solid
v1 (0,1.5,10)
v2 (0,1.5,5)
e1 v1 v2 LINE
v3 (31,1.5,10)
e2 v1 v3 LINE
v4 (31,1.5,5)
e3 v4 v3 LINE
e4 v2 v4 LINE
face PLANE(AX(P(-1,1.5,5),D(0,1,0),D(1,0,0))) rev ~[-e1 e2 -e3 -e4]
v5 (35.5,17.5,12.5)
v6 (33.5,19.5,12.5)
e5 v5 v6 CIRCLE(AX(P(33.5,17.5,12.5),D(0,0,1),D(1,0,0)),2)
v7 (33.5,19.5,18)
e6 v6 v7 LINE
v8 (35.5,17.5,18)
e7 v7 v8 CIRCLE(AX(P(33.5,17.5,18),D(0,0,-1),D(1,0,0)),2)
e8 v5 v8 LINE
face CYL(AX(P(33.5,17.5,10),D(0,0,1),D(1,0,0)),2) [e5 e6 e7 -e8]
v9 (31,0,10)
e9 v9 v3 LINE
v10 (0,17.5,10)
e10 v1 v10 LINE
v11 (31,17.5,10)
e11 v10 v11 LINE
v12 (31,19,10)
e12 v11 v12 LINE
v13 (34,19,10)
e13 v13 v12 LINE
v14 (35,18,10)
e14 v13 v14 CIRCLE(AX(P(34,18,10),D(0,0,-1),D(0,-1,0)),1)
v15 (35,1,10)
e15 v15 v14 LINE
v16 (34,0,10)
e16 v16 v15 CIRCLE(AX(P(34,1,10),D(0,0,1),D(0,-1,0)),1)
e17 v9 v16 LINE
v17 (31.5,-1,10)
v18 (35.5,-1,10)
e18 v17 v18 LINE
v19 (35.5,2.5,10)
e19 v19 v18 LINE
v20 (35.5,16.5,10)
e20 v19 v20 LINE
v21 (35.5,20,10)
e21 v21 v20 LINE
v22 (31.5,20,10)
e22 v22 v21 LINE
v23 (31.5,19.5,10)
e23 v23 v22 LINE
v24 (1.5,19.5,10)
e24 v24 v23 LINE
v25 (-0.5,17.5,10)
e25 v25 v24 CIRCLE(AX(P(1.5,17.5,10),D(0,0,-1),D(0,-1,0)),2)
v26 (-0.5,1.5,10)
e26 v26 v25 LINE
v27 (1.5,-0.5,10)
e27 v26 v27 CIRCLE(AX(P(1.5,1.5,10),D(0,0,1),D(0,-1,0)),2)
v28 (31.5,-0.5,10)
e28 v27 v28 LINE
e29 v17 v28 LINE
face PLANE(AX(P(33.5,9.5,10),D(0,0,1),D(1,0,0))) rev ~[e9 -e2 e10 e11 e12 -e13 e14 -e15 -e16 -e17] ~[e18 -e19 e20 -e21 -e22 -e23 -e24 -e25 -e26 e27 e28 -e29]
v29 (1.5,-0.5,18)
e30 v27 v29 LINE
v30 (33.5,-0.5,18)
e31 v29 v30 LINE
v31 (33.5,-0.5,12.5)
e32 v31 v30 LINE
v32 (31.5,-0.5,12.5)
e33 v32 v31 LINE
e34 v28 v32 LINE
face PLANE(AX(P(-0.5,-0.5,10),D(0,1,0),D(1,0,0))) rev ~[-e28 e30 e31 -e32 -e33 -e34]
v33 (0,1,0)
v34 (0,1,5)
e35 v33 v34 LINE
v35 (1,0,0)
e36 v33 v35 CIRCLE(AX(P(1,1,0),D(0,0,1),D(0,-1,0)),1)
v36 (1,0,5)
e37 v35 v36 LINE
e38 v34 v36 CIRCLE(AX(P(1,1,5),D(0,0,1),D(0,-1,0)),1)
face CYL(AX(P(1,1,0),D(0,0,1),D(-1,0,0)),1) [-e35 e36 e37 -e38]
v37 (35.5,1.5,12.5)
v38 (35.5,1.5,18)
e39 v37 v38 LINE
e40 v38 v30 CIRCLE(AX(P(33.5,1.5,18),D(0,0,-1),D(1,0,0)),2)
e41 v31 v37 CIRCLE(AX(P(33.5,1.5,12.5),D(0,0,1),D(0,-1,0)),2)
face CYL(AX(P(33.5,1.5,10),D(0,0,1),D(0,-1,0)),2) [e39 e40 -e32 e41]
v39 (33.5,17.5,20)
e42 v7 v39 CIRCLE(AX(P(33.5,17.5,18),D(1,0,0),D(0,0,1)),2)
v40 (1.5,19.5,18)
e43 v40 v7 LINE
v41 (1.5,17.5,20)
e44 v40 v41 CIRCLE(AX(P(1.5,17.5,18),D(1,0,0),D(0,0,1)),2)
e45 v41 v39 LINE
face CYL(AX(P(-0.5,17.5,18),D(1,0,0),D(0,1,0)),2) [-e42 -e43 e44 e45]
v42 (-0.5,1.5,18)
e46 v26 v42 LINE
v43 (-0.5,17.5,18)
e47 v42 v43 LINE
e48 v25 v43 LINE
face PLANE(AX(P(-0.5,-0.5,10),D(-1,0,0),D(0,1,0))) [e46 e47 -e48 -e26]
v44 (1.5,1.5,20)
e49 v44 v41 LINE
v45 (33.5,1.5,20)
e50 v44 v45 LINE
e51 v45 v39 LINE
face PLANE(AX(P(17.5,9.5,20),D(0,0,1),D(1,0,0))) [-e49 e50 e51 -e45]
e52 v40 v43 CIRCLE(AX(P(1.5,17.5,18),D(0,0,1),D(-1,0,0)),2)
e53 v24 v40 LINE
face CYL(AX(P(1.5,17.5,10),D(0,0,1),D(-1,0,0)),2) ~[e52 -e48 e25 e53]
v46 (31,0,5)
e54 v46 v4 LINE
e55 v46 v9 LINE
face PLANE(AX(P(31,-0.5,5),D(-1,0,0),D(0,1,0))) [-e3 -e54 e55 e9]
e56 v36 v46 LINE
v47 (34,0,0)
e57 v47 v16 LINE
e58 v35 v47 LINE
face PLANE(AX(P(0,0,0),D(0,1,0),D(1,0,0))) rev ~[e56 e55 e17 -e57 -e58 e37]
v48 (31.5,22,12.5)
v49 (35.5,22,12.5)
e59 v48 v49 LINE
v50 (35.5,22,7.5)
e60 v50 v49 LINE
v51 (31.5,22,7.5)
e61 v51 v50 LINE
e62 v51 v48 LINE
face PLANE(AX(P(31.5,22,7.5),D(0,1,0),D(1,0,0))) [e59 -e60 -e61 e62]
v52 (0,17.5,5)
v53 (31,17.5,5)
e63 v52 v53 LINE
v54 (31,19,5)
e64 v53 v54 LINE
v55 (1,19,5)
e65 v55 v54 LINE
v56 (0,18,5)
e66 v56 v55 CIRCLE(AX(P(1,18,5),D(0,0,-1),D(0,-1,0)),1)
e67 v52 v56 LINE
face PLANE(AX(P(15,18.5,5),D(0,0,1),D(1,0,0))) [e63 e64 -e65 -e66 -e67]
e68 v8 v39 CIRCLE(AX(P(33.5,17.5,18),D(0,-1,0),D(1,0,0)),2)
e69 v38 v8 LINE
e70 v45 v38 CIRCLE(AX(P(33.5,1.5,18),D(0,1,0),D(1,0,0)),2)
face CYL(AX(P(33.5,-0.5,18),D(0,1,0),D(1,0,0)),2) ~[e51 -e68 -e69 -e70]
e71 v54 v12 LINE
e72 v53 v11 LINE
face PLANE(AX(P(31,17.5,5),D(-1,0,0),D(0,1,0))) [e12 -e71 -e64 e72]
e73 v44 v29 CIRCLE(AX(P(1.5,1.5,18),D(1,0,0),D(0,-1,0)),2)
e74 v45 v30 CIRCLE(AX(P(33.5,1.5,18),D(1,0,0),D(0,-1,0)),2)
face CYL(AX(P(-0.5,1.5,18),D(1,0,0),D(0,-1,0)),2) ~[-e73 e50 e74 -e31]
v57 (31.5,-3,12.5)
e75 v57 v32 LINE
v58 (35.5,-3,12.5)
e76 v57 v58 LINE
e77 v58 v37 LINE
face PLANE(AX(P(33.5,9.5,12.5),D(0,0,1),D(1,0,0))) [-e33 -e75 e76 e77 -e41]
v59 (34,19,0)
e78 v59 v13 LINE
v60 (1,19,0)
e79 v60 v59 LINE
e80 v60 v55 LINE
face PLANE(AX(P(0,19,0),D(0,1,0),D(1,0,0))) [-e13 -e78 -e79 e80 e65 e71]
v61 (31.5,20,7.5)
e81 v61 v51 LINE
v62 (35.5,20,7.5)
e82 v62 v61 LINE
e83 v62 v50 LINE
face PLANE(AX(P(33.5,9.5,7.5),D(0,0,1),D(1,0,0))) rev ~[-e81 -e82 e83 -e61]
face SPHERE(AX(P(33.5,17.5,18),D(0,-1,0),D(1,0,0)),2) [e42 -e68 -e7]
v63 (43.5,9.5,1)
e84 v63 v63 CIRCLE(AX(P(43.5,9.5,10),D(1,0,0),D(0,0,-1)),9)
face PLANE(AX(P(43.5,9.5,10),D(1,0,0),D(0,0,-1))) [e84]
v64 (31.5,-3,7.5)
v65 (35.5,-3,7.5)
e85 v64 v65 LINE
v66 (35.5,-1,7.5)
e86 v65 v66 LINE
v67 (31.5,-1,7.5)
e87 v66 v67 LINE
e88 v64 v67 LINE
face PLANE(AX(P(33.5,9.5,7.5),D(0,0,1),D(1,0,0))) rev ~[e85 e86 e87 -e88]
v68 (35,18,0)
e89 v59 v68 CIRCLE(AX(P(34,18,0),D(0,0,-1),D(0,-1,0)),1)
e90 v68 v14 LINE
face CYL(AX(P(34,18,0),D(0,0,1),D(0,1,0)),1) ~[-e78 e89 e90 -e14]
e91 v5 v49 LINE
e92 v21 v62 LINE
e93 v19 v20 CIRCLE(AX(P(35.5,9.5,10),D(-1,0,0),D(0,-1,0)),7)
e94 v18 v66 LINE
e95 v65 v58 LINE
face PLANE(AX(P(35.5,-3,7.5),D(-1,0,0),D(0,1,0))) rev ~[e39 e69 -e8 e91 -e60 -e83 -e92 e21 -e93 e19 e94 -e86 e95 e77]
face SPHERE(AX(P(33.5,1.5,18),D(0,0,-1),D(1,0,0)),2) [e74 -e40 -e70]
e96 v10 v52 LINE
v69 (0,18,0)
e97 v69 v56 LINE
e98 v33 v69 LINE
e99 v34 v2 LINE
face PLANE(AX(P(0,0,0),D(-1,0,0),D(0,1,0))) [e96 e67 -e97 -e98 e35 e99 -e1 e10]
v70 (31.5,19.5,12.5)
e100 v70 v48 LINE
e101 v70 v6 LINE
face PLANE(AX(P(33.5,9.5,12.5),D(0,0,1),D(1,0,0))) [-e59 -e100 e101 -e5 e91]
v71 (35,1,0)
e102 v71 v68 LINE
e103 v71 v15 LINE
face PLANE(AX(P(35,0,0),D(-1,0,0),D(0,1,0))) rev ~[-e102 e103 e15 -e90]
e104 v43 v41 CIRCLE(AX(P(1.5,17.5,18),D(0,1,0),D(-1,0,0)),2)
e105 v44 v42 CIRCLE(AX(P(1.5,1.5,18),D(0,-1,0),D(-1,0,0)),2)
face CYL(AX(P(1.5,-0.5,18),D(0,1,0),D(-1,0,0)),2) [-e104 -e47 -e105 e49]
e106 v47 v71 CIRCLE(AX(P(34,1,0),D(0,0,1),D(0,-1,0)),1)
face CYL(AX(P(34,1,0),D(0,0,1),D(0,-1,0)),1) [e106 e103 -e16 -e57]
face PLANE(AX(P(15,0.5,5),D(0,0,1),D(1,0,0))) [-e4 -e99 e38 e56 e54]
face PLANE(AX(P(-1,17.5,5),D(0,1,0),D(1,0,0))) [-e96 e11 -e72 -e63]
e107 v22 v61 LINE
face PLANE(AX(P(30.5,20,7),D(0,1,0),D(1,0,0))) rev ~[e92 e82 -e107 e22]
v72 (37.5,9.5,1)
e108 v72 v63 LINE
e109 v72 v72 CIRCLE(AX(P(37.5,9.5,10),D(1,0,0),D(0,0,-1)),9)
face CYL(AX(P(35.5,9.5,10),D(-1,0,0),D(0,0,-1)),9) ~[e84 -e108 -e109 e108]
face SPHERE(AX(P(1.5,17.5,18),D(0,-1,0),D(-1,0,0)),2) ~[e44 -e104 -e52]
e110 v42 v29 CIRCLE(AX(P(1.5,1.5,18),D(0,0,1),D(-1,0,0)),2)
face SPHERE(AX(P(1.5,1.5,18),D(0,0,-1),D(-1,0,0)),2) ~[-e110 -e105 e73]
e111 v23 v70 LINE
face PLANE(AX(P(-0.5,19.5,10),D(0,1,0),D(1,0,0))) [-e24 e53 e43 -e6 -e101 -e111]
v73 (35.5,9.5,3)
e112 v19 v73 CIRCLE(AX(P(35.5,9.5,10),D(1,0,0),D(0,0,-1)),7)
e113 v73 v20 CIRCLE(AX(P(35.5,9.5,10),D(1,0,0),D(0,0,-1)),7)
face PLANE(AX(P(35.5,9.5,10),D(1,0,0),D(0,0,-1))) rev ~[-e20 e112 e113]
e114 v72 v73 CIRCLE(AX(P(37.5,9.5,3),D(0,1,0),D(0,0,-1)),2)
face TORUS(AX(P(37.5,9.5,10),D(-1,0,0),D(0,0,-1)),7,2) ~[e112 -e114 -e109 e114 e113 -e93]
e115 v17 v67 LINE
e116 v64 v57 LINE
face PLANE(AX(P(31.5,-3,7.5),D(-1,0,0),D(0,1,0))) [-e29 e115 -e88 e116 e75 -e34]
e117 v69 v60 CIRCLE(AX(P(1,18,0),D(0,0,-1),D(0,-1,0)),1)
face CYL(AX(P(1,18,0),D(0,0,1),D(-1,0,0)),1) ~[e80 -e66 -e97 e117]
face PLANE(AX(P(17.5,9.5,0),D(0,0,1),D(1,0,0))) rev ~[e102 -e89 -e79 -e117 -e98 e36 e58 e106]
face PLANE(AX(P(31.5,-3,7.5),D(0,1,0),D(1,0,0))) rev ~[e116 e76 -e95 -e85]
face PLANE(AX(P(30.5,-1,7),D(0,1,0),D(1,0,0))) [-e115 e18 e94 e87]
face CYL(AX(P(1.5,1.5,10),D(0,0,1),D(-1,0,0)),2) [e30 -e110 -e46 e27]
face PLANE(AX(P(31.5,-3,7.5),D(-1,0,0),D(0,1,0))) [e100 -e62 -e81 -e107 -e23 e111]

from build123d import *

# Parameters (mm, degrees)
BOX002_W       = 32
BOX002_H       = 2
BOX002_DEPTH   = 5
BOX001_W       = 32
BOX001_H       = 2
BOX001_DEPTH   = 5
BOX_W          = 35
BOX_H          = 19
BOX_DEPTH      = 10
FILLET001_R    = 1
BOX003_W       = 36
BOX003_H       = 20
BOX003_DEPTH   = 10
FILLET002_R    = 2
BOX005_W       = 6
BOX005_H       = 21
BOX005_DEPTH   = 3
BOX004_W       = 4
BOX004_H       = 25
BOX004_DEPTH   = 5
CYLINDER_R     = 9
CYLINDER_DEPTH = 8
FILLET_R       = 2


with BuildPart() as box002:
    # Box002 → Box002 (new body)
    with BuildSketch(Plane(origin=(-1, 17.5, 5), x_dir=(1, 0, 0), z_dir=(0, 0, 1))):
        with Locations((16, 1)):
            Rectangle(BOX002_W, BOX002_H)
    extrude(amount=BOX002_DEPTH)


with BuildPart() as fusion:
    # Box001 → Box001 (new body)
    with BuildSketch(Plane(origin=(-1, -0.5, 5), x_dir=(1, 0, 0), z_dir=(0, 0, 1))):
        with Locations((16, 1)):
            Rectangle(BOX001_W, BOX001_H)
    extrude(amount=BOX001_DEPTH)

    # Fusion: union Box002
    add(box002.part)


with BuildPart() as fillet001:
    # Box → Box (new body)
    with BuildSketch(Plane.XY):
        with Locations((17.5, 9.5)):
            Rectangle(BOX_W, BOX_H)
    extrude(amount=BOX_DEPTH)

    # Cut: cut Fusion
    add(fusion.part, mode=Mode.SUBTRACT)

    # Fillet001
    fillet001_edges = [fillet001.edges().sort_by_distance(p)[0] for p in [
        (0, 0, 2.5),
        (0, 19, 2.5),
        (35, 0, 5),
        (35, 19, 5),
    ]]
    fillet(fillet001_edges, radius=FILLET001_R)


with BuildPart() as fillet002:
    # Box003 → Box003 (new body)
    with BuildSketch(Plane(origin=(-0.5, -0.5, 10), x_dir=(1, 0, 0), z_dir=(0, 0, 1))):
        with Locations((18, 10)):
            Rectangle(BOX003_W, BOX003_H)
    extrude(amount=BOX003_DEPTH)

    # Fillet002
    fillet002_edges = [fillet002.edges().sort_by_distance(p)[0] for p in [
        (-0.5, -0.5, 15),
        (-0.5, 9.5, 20),
        (-0.5, 19.5, 15),
        (35.5, -0.5, 15),
        (35.5, 9.5, 20),
        (35.5, 19.5, 15),
        (17.5, -0.5, 20),
        (17.5, 19.5, 20),
    ]]
    fillet(fillet002_edges, radius=FILLET002_R)


with BuildPart() as box005:
    # Box005 → Box005 (new body)
    with BuildSketch(Plane(origin=(30.5, -1, 7), x_dir=(1, 0, 0), z_dir=(0, 0, 1))):
        with Locations((3, 10.5)):
            Rectangle(BOX005_W, BOX005_H)
    extrude(amount=BOX005_DEPTH)


with BuildPart() as cut001:
    # Box004 → Box004 (new body)
    with BuildSketch(Plane(origin=(31.5, -3, 7.5), x_dir=(1, 0, 0), z_dir=(0, 0, 1))):
        with Locations((2, 12.5)):
            Rectangle(BOX004_W, BOX004_H)
    extrude(amount=BOX004_DEPTH)

    # Cut001: cut Box005
    add(box005.part, mode=Mode.SUBTRACT)


with BuildPart() as fusion001:
    # Cylinder → Cylinder (new body)
    with BuildSketch(Plane(origin=(35.5, 9.5, 10), x_dir=(0, 0, -1), z_dir=(1, 0, 0))):
        Circle(CYLINDER_R)
    extrude(amount=CYLINDER_DEPTH)

    # Fillet
    fillet_edges = [fusion001.edges().sort_by_distance(p)[0] for p in [
        (35.5, 9.5, 19),
    ]]
    fillet(fillet_edges, radius=FILLET_R)

    # Fusion001: union Fillet001, Fillet002, Cut001
    add(fillet001.part)
    add(fillet002.part)
    add(cut001.part)


solid = fusion001.part
